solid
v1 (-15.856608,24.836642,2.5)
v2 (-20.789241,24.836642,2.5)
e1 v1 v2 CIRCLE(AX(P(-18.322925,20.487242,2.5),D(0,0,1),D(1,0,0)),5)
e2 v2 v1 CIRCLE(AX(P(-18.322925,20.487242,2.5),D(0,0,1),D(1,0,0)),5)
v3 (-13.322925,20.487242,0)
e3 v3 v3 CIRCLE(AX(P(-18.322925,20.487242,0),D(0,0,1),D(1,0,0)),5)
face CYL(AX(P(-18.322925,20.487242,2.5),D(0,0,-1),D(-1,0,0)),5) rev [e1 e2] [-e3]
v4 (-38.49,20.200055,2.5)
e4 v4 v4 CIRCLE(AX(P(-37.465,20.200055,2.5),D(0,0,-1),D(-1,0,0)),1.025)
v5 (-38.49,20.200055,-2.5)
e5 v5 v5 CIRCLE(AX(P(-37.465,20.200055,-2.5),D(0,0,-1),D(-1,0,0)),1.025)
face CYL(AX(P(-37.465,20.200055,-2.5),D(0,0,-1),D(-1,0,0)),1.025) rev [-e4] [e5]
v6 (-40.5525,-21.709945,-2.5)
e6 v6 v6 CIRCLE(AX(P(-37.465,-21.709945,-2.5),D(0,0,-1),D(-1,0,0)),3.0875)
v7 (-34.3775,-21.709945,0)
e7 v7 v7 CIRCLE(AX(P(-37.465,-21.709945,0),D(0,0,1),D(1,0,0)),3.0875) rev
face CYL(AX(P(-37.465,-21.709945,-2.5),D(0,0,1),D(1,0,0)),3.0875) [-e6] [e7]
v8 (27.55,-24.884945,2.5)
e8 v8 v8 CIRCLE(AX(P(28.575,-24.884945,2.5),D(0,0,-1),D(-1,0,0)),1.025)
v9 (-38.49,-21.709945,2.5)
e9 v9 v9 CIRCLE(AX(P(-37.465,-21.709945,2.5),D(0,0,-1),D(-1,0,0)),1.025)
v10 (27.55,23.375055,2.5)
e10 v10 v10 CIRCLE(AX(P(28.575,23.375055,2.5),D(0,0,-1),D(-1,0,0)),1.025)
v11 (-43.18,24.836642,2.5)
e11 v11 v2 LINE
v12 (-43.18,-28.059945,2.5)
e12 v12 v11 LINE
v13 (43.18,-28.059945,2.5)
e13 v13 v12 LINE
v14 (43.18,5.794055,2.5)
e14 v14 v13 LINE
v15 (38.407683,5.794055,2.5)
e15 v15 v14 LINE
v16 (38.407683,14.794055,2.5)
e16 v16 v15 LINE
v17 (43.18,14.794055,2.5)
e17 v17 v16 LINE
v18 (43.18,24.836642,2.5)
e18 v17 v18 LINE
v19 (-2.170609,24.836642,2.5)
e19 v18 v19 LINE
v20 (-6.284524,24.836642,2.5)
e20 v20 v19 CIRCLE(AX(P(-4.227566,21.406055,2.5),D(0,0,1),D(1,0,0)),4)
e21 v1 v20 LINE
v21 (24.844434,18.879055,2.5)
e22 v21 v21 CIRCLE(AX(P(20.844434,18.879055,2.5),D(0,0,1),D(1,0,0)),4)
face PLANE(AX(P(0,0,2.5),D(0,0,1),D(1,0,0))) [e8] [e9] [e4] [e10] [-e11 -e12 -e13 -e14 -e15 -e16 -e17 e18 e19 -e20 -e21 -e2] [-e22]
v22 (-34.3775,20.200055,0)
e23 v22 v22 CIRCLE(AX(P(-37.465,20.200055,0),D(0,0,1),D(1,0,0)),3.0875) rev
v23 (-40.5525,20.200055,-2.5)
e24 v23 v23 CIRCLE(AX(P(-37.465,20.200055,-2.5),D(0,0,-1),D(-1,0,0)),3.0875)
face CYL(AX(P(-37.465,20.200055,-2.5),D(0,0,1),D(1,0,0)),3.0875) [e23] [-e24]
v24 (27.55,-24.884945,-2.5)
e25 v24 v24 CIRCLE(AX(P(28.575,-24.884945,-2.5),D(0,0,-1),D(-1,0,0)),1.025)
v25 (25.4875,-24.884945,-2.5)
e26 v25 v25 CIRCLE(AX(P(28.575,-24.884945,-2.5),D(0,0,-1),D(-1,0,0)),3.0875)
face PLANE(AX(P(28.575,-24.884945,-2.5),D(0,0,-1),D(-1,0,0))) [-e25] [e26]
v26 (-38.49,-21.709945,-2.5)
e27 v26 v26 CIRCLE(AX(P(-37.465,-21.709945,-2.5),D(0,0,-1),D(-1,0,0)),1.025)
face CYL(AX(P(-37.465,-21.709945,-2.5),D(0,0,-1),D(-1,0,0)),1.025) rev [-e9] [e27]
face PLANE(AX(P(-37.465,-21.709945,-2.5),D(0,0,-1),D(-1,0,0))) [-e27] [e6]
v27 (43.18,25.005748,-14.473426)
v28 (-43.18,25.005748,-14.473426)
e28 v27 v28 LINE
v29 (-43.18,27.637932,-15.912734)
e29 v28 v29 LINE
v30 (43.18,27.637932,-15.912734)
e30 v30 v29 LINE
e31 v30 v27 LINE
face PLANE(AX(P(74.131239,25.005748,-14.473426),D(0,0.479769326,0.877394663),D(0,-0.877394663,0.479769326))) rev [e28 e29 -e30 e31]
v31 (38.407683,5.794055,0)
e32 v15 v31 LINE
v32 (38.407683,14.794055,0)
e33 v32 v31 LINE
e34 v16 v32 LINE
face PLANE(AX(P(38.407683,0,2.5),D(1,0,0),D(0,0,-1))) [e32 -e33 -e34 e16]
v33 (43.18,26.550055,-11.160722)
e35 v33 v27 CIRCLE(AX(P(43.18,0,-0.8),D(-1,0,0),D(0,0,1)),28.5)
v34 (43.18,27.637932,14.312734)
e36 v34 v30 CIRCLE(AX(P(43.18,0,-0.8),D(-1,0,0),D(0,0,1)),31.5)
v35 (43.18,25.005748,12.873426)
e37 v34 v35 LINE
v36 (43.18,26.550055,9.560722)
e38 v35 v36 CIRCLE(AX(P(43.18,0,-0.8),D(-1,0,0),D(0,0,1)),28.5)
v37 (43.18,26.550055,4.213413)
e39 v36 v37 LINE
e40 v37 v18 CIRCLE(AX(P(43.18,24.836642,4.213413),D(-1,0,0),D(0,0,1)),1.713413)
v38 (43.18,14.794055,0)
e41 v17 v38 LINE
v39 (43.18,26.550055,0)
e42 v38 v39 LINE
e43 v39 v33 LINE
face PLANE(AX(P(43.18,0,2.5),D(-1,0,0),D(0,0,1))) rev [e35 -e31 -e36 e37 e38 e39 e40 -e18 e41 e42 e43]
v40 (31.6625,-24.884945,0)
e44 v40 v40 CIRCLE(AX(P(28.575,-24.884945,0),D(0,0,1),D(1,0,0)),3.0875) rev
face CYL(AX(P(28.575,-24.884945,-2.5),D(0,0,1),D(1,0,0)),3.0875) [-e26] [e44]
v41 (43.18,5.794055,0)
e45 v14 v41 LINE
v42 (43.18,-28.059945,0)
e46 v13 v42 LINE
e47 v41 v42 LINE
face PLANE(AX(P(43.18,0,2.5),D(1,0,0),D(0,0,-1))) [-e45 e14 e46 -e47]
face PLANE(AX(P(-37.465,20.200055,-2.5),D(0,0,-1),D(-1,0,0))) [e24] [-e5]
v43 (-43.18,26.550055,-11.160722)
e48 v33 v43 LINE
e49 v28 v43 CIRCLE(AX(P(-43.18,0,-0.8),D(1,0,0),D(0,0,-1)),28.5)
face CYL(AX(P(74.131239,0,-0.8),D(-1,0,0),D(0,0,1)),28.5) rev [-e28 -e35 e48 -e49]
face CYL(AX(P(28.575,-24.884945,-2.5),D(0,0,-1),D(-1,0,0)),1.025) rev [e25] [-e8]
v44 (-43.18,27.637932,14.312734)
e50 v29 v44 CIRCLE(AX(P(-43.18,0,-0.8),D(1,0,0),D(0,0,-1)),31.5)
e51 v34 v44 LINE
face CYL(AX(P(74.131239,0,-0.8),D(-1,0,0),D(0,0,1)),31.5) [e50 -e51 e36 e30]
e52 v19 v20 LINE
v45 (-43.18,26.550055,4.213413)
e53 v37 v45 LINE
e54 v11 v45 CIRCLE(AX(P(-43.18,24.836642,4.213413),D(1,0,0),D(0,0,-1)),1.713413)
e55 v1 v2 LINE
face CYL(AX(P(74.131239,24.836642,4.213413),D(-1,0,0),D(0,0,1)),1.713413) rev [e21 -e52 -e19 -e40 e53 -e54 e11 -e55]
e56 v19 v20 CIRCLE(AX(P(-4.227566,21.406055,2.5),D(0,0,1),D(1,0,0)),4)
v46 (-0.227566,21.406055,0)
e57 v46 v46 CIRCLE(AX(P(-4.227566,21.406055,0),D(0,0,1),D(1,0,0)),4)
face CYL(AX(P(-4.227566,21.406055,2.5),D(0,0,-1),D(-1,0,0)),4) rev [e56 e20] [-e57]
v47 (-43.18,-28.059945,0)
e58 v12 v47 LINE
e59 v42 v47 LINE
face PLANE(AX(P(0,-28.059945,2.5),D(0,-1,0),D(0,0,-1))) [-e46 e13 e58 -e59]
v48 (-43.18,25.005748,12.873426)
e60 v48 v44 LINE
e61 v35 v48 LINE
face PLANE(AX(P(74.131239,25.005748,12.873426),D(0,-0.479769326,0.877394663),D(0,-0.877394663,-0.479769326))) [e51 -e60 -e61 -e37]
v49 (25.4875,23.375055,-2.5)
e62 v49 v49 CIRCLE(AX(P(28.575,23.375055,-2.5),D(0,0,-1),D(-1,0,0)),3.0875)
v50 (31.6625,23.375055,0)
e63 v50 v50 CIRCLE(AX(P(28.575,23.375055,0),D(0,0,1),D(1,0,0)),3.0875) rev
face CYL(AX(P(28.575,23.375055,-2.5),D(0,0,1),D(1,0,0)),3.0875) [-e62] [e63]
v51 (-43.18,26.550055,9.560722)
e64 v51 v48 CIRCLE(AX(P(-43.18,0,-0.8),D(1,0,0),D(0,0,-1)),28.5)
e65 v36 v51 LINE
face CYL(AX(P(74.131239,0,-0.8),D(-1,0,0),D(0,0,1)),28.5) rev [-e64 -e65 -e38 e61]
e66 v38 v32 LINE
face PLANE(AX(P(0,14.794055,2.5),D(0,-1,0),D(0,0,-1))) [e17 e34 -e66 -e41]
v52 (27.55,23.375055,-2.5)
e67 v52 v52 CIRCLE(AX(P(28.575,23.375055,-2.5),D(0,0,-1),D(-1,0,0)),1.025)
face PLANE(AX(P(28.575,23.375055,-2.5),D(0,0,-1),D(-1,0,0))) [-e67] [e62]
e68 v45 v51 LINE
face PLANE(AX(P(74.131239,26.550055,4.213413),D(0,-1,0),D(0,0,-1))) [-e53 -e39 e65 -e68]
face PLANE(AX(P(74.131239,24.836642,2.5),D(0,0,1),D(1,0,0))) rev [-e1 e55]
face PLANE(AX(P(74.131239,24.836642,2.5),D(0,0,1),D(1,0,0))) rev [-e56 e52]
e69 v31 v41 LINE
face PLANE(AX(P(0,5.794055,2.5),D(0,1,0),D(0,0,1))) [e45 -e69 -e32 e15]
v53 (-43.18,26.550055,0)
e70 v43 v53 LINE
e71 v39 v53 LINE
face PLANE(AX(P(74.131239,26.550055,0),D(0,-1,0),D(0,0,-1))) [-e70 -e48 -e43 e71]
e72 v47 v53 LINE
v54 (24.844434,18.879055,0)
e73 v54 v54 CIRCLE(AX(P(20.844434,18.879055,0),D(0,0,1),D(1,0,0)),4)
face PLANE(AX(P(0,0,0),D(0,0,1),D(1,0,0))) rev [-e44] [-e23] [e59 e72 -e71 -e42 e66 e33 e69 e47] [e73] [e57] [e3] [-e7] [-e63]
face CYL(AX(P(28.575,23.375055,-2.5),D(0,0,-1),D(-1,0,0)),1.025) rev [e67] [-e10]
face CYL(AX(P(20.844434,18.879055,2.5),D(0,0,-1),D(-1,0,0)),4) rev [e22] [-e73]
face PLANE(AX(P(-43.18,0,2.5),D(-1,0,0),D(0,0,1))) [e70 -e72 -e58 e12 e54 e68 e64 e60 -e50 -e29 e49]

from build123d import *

# Parameters (mm, degrees)
ESBO_O1_R                                 = 5
ESBO_O1_R_2                               = 4
RESSALTO_EXTRUS_O4_DEPTH                  = 2.5
ESBO_O7_R                                 = 3.0875
RESSALTO_EXTRUS_O5_DEPTH                  = 2.5
BROCA_DE_ROSQUEAR_PARA_TARRAXA_DE_M2_51_D = 2.05
RESSALTO_EXTRUS_O6_REACH                  = 92.839


with BuildPart() as part:
    # Esboço1 → Ressalto-extrusão4 (new body)
    with BuildSketch(Plane.XY):
        Polygon((36.83, 26.550055291), (-30.48, 26.550055291), (-43.18, 26.550055291), (-43.18, 13.850055291), (-43.18, -15.359944709), (-43.18, -28.059944709), (-30.48, -28.059944709), (36.83, -28.059944709), (43.18, -28.059944709), (43.18, -21.709944709), (43.18, 5.794055291), (38.407682724, 5.794055291), (38.407682724, 14.794055291), (43.18, 14.794055291), (43.18, 20.200055291), (43.18, 26.550055291), align=None)
        with Locations((-18.322924579, 20.487241898)):
            Circle(ESBO_O1_R, mode=Mode.SUBTRACT)
        with Locations((-4.227566255, 21.406055391)):
            Circle(ESBO_O1_R_2, mode=Mode.SUBTRACT)
        with Locations((20.844433745, 18.879055391)):
            Circle(ESBO_O1_R_2, mode=Mode.SUBTRACT)
    extrude(amount=RESSALTO_EXTRUS_O4_DEPTH)

    # Esboço7 → Ressalto-extrusão5 (add)
    with BuildSketch(Plane(origin=(0, 0, 0), x_dir=(-1, 0, 0), z_dir=(0, 0, -1))):
        with Locations(Location((37.465, -21.709944709, 0), (0, 0, 180))):
            Circle(ESBO_O7_R)
        with Locations(Location((37.465, 20.200055291, 0), (0, 0, 180))):
            Circle(ESBO_O7_R)
        with Locations(Location((-28.575, 23.375055291, 0), (0, 0, 180))):
            Circle(ESBO_O7_R)
        with Locations(Location((-28.575, -24.884944709, 0), (0, 0, 180))):
            Circle(ESBO_O7_R)
    extrude(amount=RESSALTO_EXTRUS_O5_DEPTH)

    # Broca de rosquear para tarraxa de M2.51 (through all)
    with Locations(Plane(origin=(28.575, 23.375055291, -2.5), x_dir=(-1, 0, 0), z_dir=(0, 0, -1))):
        with Locations((0, 0), (66.04, -3.175), (0, -48.26), (66.04, -45.085)):
            Hole(BROCA_DE_ROSQUEAR_PARA_TARRAXA_DE_M2_51_D / 2)

    # Ressalto-extrusão6: up to this face of the body (flat: up to its plane)
    ressalto_extrus_o6_end = Plane(part.part.faces().sort_by_distance((43.18, 20.672055291, 1.25))[0])
    # Esboço9 → Ressalto-extrusão6 (add, up to the picked face)
    with BuildSketch(Plane.ZY.offset(43.18), mode=Mode.PRIVATE) as ressalto_extrus_o6_sk1:
        with BuildLine():
            Line((2.5, 24.836642303), (2.5, 26.550055291))
            Line((2.5, 26.550055291), (0, 26.550055291))
            Line((0, 26.550055291), (-11.160722179, 26.550055291))
            ThreePointArc((-11.160722179, 26.550055291), (-12.841855689, 25.831060984), (-14.473425786, 25.005747885))
            Line((-14.473425786, 25.005747885), (-15.912733763, 27.637931873))
            ThreePointArc((-15.912733763, 27.637931873), (-0.8, 31.5), (14.312733763, 27.637931873))
            Line((14.312733763, 27.637931873), (12.873425786, 25.005747885))
            ThreePointArc((12.873425786, 25.005747885), (11.241855689, 25.831060984), (9.560722179, 26.550055291))
            Line((9.560722179, 26.550055291), (4.213412987, 26.550055291))
            ThreePointArc((4.213412987, 26.550055291), (3.001847045, 26.048208246), (2.5, 24.836642303))
        make_face()
    ressalto_extrus_o6_tool1 = split(extrude(ressalto_extrus_o6_sk1.sketch, amount=-RESSALTO_EXTRUS_O6_REACH, mode=Mode.PRIVATE), bisect_by=ressalto_extrus_o6_end, keep=Keep.BOTH, mode=Mode.PRIVATE)
    add(ressalto_extrus_o6_tool1.solids().sort_by(Axis((-43.18, 28.43855, -0.780308), (1, 0, 0)))[0])


solid = part.part
